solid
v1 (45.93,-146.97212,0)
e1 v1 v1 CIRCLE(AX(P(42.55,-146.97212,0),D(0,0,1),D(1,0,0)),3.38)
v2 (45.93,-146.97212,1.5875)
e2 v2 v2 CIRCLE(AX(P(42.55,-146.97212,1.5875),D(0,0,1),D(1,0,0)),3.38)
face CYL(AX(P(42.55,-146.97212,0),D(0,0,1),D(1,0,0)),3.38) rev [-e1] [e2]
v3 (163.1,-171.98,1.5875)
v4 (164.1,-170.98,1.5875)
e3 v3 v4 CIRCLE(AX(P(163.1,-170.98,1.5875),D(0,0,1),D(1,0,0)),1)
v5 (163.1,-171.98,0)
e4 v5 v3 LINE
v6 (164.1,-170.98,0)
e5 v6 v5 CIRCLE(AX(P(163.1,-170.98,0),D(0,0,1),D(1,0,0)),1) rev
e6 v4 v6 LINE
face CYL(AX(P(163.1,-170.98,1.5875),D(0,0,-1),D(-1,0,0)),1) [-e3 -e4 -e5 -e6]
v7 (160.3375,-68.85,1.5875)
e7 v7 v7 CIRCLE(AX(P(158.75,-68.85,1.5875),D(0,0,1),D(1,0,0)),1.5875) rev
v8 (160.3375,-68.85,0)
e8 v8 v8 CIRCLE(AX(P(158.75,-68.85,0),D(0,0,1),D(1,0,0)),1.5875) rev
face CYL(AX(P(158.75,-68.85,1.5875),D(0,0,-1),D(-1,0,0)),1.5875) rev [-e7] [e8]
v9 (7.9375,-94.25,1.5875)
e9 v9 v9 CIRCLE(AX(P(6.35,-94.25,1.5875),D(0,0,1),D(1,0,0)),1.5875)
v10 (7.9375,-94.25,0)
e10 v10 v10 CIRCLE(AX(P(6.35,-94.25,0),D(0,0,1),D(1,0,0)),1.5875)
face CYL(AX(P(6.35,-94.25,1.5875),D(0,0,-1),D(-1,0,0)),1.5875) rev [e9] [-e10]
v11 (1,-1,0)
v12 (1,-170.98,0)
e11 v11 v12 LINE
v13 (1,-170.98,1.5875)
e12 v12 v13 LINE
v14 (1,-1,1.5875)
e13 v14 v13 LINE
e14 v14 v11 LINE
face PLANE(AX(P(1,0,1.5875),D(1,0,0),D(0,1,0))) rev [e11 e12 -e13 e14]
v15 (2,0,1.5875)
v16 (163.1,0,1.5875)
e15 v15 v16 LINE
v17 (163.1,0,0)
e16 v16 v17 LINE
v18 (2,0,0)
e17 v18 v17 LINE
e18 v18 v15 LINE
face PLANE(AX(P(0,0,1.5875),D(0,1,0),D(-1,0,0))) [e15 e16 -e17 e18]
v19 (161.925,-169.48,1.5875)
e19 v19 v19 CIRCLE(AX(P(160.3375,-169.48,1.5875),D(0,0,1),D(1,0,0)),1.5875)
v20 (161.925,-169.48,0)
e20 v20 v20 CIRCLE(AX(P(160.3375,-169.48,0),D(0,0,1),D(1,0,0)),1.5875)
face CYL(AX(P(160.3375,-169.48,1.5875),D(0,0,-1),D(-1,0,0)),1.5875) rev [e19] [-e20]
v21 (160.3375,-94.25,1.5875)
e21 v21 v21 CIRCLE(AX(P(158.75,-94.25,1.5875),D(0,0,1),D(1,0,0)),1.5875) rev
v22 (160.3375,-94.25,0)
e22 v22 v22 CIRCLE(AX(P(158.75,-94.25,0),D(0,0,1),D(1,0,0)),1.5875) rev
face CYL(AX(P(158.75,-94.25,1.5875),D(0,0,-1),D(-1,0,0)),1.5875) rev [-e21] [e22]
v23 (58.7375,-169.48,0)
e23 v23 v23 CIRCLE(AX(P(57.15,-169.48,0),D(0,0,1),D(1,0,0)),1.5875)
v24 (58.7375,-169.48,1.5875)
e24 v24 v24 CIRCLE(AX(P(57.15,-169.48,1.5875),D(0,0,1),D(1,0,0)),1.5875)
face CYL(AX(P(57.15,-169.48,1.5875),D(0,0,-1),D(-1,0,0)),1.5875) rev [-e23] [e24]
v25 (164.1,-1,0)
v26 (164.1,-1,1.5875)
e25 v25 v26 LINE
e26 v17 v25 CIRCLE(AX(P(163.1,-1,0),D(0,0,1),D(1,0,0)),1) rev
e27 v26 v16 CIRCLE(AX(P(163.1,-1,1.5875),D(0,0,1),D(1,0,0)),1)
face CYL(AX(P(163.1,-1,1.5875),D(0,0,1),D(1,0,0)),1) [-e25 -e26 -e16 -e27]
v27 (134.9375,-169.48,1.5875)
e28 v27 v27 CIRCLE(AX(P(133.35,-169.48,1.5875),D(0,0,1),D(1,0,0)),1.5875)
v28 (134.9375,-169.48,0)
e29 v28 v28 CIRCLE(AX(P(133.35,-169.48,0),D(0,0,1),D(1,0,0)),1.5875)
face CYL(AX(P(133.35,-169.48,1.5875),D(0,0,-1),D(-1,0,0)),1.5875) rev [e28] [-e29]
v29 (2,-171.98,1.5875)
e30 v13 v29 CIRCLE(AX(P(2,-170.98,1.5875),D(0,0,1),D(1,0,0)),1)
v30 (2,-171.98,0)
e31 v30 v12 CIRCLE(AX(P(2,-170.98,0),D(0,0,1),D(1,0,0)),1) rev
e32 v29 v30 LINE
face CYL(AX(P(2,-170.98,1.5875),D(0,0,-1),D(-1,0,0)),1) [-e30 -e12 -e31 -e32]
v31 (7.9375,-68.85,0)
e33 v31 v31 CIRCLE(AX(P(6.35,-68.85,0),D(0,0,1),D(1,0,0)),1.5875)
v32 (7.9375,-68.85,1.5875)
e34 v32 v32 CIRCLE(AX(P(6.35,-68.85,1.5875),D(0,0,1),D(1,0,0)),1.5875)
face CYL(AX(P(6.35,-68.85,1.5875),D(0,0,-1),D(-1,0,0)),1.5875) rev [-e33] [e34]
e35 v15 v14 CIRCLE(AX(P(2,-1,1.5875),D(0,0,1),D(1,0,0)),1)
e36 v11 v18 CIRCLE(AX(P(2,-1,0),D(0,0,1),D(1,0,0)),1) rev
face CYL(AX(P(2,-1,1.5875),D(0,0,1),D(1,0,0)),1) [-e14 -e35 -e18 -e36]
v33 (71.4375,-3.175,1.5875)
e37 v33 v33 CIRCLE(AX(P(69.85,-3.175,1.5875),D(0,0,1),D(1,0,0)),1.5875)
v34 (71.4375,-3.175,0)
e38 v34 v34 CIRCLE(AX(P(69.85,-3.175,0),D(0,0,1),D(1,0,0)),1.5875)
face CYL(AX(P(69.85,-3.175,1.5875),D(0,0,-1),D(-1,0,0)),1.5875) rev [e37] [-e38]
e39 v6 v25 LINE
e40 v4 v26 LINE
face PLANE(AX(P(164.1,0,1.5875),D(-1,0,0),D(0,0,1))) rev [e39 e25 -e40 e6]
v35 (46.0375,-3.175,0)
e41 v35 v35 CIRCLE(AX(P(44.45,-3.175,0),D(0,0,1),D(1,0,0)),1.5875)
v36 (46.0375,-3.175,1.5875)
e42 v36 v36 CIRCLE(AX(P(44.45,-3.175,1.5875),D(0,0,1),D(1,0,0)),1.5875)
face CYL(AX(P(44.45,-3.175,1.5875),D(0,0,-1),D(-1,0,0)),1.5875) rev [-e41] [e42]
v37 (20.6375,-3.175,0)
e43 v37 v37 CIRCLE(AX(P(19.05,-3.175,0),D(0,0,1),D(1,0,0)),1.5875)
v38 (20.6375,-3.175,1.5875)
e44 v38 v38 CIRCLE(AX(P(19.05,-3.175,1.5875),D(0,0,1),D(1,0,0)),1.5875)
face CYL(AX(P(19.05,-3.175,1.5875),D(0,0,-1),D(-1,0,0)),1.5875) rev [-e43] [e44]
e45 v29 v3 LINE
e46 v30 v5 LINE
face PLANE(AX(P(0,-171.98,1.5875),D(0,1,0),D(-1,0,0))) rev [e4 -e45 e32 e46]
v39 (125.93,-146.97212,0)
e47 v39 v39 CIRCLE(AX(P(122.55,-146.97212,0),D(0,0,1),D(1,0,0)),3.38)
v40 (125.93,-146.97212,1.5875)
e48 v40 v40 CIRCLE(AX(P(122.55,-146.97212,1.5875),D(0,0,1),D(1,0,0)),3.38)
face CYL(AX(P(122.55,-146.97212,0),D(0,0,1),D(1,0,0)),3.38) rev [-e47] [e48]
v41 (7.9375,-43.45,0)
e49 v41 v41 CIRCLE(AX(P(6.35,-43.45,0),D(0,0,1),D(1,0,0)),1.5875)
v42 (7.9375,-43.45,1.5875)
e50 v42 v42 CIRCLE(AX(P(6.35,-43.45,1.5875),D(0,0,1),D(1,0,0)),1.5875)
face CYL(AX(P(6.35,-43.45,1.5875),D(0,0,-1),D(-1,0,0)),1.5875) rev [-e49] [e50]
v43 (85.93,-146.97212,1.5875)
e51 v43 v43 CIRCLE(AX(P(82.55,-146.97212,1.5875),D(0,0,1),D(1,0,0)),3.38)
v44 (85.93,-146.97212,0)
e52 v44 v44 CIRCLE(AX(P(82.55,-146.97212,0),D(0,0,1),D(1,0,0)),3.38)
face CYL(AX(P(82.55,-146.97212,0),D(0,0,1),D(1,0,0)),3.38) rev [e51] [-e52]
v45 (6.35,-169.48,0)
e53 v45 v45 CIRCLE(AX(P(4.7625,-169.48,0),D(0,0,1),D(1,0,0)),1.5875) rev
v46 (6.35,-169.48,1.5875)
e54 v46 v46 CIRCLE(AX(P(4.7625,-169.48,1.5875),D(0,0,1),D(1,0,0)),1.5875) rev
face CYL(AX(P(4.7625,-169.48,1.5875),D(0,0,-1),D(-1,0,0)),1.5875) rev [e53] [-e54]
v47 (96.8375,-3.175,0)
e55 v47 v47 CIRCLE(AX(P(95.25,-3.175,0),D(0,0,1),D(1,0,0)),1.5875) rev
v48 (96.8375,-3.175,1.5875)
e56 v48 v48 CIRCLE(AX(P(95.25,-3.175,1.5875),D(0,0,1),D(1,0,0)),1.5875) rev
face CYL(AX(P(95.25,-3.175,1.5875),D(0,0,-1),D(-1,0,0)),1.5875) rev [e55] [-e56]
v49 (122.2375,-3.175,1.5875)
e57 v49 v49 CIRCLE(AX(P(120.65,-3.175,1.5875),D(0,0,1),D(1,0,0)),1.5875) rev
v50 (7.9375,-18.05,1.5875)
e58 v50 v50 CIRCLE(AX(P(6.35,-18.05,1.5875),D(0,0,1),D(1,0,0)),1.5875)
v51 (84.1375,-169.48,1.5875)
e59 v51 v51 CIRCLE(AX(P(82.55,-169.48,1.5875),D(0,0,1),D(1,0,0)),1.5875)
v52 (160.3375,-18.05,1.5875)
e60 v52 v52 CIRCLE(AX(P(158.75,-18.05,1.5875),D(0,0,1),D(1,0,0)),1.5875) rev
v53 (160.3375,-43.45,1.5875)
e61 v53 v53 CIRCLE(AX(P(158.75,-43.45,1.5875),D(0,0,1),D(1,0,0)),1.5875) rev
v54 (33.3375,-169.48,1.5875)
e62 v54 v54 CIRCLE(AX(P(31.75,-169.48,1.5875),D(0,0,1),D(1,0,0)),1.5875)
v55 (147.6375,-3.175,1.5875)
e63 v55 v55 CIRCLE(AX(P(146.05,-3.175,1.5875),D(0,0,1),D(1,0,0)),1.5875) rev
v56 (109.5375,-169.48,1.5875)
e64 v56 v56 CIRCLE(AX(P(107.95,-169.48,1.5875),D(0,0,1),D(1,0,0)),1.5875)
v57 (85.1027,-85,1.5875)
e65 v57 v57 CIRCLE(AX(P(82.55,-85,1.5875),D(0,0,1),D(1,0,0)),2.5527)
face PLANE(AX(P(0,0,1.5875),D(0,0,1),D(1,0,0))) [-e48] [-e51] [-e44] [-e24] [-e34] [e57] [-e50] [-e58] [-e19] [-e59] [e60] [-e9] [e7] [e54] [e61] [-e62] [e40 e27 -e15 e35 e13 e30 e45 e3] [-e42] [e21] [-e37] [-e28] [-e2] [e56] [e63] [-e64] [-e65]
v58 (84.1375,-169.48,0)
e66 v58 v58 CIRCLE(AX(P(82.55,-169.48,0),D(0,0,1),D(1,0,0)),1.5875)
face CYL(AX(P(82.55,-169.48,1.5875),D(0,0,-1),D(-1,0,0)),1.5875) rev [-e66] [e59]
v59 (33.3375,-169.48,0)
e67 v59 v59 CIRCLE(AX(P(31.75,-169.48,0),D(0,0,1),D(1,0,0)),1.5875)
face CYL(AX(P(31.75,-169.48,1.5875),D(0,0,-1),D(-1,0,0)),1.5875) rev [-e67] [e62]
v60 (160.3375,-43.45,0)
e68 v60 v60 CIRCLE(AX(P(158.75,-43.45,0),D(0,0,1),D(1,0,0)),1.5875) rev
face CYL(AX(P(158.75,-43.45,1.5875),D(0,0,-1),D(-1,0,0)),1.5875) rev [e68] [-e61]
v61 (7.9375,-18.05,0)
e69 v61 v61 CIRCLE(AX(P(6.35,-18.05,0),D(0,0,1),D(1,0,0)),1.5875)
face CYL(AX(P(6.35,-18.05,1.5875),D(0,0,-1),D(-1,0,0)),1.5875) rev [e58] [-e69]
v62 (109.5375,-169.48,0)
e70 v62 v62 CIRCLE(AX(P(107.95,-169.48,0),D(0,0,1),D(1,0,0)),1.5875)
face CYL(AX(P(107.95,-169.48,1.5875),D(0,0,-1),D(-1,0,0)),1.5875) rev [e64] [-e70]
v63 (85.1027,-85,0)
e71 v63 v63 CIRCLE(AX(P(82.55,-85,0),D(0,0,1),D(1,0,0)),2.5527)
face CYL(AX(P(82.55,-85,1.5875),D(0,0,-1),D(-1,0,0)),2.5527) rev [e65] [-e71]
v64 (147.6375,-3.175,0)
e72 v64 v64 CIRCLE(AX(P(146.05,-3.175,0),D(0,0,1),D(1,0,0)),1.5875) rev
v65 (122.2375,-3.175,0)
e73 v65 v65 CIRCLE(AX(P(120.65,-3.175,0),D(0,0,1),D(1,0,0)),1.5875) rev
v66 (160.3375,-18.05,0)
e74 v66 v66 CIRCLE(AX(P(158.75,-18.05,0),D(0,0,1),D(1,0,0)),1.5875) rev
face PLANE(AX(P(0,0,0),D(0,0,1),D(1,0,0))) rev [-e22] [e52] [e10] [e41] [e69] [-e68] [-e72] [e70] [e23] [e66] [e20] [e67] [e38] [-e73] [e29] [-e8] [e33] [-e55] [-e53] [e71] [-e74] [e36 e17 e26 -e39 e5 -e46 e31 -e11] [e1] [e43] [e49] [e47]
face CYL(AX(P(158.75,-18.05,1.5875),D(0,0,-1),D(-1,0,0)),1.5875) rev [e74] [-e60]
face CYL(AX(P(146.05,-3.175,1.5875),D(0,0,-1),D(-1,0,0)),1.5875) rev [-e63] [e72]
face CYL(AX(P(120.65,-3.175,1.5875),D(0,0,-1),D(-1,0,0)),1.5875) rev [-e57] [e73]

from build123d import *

# Parameters (mm, degrees)
SKETCH2_W               = 163.1
SKETCH2_H               = 171.98
SKETCH2_R               = 2.5527
SKETCH2_R_2             = 1.5875
BOSS_EXTRUDE2_DEPTH     = 1.5875
FILLET1_R               = 1
CUT_EXTRUDE1_DEPTH      = 238.715061694
CUT_EXTRUDE1_DEPTH_BACK = 238.715061694
SKETCH3_R               = 3.38


with BuildPart() as part:
    # Sketch2 → Boss-Extrude2 (new body)
    with BuildSketch(Plane.XY):
        with Locations((82.55, -85.99)):
            Rectangle(SKETCH2_W, SKETCH2_H)
        with Locations((82.55, -85)):
            Circle(SKETCH2_R, mode=Mode.SUBTRACT)
        with Locations((82.55, -169.48)):
            Circle(SKETCH2_R_2, mode=Mode.SUBTRACT)
        with Locations((4.7625, -169.48)):
            Circle(SKETCH2_R_2, mode=Mode.SUBTRACT)
        with Locations((31.75, -169.48)):
            Circle(SKETCH2_R_2, mode=Mode.SUBTRACT)
        with Locations((57.15, -169.48)):
            Circle(SKETCH2_R_2, mode=Mode.SUBTRACT)
        with Locations((6.35, -94.25)):
            Circle(SKETCH2_R_2, mode=Mode.SUBTRACT)
        with Locations((6.35, -68.85)):
            Circle(SKETCH2_R_2, mode=Mode.SUBTRACT)
        with Locations((6.35, -43.45)):
            Circle(SKETCH2_R_2, mode=Mode.SUBTRACT)
        with Locations((6.35, -18.05)):
            Circle(SKETCH2_R_2, mode=Mode.SUBTRACT)
        with Locations((19.05, -3.175)):
            Circle(SKETCH2_R_2, mode=Mode.SUBTRACT)
        with Locations((44.45, -3.175)):
            Circle(SKETCH2_R_2, mode=Mode.SUBTRACT)
        with Locations((69.85, -3.175)):
            Circle(SKETCH2_R_2, mode=Mode.SUBTRACT)
        with Locations((158.75, -43.45)):
            Circle(SKETCH2_R_2, mode=Mode.SUBTRACT)
        with Locations((158.75, -18.05)):
            Circle(SKETCH2_R_2, mode=Mode.SUBTRACT)
        with Locations((146.05, -3.175)):
            Circle(SKETCH2_R_2, mode=Mode.SUBTRACT)
        with Locations((107.95, -169.48)):
            Circle(SKETCH2_R_2, mode=Mode.SUBTRACT)
        with Locations((133.35, -169.48)):
            Circle(SKETCH2_R_2, mode=Mode.SUBTRACT)
        with Locations((160.3375, -169.48)):
            Circle(SKETCH2_R_2, mode=Mode.SUBTRACT)
        with Locations((158.75, -94.25)):
            Circle(SKETCH2_R_2, mode=Mode.SUBTRACT)
        with Locations((158.75, -68.85)):
            Circle(SKETCH2_R_2, mode=Mode.SUBTRACT)
        with Locations((95.25, -3.175)):
            Circle(SKETCH2_R_2, mode=Mode.SUBTRACT)
        with Locations((120.65, -3.175)):
            Circle(SKETCH2_R_2, mode=Mode.SUBTRACT)
    extrude(amount=BOSS_EXTRUDE2_DEPTH)

    # Fillet1
    fillet1_edges = [part.edges().sort_by_distance(p)[0] for p in [
        (1, -171.98, 0.79375),
        (1, 0, 0.79375),
        (164.1, 0, 0.79375),
        (164.1, -171.98, 0.79375),
    ]]
    fillet(fillet1_edges, radius=FILLET1_R)

    # Sketch3 → Cut-Extrude1 (cut, two sides: drawn at the far end of the back side and taken through both)
    with BuildSketch(Plane.XY.offset(1.5875).offset(-CUT_EXTRUDE1_DEPTH_BACK)):
        with Locations((42.55, -146.97212)):
            Circle(SKETCH3_R)
        with Locations((82.55, -146.97212)):
            Circle(SKETCH3_R)
        with Locations((122.55, -146.97212)):
            Circle(SKETCH3_R)
    extrude(amount=CUT_EXTRUDE1_DEPTH + CUT_EXTRUDE1_DEPTH_BACK, mode=Mode.SUBTRACT)


solid = part.part
